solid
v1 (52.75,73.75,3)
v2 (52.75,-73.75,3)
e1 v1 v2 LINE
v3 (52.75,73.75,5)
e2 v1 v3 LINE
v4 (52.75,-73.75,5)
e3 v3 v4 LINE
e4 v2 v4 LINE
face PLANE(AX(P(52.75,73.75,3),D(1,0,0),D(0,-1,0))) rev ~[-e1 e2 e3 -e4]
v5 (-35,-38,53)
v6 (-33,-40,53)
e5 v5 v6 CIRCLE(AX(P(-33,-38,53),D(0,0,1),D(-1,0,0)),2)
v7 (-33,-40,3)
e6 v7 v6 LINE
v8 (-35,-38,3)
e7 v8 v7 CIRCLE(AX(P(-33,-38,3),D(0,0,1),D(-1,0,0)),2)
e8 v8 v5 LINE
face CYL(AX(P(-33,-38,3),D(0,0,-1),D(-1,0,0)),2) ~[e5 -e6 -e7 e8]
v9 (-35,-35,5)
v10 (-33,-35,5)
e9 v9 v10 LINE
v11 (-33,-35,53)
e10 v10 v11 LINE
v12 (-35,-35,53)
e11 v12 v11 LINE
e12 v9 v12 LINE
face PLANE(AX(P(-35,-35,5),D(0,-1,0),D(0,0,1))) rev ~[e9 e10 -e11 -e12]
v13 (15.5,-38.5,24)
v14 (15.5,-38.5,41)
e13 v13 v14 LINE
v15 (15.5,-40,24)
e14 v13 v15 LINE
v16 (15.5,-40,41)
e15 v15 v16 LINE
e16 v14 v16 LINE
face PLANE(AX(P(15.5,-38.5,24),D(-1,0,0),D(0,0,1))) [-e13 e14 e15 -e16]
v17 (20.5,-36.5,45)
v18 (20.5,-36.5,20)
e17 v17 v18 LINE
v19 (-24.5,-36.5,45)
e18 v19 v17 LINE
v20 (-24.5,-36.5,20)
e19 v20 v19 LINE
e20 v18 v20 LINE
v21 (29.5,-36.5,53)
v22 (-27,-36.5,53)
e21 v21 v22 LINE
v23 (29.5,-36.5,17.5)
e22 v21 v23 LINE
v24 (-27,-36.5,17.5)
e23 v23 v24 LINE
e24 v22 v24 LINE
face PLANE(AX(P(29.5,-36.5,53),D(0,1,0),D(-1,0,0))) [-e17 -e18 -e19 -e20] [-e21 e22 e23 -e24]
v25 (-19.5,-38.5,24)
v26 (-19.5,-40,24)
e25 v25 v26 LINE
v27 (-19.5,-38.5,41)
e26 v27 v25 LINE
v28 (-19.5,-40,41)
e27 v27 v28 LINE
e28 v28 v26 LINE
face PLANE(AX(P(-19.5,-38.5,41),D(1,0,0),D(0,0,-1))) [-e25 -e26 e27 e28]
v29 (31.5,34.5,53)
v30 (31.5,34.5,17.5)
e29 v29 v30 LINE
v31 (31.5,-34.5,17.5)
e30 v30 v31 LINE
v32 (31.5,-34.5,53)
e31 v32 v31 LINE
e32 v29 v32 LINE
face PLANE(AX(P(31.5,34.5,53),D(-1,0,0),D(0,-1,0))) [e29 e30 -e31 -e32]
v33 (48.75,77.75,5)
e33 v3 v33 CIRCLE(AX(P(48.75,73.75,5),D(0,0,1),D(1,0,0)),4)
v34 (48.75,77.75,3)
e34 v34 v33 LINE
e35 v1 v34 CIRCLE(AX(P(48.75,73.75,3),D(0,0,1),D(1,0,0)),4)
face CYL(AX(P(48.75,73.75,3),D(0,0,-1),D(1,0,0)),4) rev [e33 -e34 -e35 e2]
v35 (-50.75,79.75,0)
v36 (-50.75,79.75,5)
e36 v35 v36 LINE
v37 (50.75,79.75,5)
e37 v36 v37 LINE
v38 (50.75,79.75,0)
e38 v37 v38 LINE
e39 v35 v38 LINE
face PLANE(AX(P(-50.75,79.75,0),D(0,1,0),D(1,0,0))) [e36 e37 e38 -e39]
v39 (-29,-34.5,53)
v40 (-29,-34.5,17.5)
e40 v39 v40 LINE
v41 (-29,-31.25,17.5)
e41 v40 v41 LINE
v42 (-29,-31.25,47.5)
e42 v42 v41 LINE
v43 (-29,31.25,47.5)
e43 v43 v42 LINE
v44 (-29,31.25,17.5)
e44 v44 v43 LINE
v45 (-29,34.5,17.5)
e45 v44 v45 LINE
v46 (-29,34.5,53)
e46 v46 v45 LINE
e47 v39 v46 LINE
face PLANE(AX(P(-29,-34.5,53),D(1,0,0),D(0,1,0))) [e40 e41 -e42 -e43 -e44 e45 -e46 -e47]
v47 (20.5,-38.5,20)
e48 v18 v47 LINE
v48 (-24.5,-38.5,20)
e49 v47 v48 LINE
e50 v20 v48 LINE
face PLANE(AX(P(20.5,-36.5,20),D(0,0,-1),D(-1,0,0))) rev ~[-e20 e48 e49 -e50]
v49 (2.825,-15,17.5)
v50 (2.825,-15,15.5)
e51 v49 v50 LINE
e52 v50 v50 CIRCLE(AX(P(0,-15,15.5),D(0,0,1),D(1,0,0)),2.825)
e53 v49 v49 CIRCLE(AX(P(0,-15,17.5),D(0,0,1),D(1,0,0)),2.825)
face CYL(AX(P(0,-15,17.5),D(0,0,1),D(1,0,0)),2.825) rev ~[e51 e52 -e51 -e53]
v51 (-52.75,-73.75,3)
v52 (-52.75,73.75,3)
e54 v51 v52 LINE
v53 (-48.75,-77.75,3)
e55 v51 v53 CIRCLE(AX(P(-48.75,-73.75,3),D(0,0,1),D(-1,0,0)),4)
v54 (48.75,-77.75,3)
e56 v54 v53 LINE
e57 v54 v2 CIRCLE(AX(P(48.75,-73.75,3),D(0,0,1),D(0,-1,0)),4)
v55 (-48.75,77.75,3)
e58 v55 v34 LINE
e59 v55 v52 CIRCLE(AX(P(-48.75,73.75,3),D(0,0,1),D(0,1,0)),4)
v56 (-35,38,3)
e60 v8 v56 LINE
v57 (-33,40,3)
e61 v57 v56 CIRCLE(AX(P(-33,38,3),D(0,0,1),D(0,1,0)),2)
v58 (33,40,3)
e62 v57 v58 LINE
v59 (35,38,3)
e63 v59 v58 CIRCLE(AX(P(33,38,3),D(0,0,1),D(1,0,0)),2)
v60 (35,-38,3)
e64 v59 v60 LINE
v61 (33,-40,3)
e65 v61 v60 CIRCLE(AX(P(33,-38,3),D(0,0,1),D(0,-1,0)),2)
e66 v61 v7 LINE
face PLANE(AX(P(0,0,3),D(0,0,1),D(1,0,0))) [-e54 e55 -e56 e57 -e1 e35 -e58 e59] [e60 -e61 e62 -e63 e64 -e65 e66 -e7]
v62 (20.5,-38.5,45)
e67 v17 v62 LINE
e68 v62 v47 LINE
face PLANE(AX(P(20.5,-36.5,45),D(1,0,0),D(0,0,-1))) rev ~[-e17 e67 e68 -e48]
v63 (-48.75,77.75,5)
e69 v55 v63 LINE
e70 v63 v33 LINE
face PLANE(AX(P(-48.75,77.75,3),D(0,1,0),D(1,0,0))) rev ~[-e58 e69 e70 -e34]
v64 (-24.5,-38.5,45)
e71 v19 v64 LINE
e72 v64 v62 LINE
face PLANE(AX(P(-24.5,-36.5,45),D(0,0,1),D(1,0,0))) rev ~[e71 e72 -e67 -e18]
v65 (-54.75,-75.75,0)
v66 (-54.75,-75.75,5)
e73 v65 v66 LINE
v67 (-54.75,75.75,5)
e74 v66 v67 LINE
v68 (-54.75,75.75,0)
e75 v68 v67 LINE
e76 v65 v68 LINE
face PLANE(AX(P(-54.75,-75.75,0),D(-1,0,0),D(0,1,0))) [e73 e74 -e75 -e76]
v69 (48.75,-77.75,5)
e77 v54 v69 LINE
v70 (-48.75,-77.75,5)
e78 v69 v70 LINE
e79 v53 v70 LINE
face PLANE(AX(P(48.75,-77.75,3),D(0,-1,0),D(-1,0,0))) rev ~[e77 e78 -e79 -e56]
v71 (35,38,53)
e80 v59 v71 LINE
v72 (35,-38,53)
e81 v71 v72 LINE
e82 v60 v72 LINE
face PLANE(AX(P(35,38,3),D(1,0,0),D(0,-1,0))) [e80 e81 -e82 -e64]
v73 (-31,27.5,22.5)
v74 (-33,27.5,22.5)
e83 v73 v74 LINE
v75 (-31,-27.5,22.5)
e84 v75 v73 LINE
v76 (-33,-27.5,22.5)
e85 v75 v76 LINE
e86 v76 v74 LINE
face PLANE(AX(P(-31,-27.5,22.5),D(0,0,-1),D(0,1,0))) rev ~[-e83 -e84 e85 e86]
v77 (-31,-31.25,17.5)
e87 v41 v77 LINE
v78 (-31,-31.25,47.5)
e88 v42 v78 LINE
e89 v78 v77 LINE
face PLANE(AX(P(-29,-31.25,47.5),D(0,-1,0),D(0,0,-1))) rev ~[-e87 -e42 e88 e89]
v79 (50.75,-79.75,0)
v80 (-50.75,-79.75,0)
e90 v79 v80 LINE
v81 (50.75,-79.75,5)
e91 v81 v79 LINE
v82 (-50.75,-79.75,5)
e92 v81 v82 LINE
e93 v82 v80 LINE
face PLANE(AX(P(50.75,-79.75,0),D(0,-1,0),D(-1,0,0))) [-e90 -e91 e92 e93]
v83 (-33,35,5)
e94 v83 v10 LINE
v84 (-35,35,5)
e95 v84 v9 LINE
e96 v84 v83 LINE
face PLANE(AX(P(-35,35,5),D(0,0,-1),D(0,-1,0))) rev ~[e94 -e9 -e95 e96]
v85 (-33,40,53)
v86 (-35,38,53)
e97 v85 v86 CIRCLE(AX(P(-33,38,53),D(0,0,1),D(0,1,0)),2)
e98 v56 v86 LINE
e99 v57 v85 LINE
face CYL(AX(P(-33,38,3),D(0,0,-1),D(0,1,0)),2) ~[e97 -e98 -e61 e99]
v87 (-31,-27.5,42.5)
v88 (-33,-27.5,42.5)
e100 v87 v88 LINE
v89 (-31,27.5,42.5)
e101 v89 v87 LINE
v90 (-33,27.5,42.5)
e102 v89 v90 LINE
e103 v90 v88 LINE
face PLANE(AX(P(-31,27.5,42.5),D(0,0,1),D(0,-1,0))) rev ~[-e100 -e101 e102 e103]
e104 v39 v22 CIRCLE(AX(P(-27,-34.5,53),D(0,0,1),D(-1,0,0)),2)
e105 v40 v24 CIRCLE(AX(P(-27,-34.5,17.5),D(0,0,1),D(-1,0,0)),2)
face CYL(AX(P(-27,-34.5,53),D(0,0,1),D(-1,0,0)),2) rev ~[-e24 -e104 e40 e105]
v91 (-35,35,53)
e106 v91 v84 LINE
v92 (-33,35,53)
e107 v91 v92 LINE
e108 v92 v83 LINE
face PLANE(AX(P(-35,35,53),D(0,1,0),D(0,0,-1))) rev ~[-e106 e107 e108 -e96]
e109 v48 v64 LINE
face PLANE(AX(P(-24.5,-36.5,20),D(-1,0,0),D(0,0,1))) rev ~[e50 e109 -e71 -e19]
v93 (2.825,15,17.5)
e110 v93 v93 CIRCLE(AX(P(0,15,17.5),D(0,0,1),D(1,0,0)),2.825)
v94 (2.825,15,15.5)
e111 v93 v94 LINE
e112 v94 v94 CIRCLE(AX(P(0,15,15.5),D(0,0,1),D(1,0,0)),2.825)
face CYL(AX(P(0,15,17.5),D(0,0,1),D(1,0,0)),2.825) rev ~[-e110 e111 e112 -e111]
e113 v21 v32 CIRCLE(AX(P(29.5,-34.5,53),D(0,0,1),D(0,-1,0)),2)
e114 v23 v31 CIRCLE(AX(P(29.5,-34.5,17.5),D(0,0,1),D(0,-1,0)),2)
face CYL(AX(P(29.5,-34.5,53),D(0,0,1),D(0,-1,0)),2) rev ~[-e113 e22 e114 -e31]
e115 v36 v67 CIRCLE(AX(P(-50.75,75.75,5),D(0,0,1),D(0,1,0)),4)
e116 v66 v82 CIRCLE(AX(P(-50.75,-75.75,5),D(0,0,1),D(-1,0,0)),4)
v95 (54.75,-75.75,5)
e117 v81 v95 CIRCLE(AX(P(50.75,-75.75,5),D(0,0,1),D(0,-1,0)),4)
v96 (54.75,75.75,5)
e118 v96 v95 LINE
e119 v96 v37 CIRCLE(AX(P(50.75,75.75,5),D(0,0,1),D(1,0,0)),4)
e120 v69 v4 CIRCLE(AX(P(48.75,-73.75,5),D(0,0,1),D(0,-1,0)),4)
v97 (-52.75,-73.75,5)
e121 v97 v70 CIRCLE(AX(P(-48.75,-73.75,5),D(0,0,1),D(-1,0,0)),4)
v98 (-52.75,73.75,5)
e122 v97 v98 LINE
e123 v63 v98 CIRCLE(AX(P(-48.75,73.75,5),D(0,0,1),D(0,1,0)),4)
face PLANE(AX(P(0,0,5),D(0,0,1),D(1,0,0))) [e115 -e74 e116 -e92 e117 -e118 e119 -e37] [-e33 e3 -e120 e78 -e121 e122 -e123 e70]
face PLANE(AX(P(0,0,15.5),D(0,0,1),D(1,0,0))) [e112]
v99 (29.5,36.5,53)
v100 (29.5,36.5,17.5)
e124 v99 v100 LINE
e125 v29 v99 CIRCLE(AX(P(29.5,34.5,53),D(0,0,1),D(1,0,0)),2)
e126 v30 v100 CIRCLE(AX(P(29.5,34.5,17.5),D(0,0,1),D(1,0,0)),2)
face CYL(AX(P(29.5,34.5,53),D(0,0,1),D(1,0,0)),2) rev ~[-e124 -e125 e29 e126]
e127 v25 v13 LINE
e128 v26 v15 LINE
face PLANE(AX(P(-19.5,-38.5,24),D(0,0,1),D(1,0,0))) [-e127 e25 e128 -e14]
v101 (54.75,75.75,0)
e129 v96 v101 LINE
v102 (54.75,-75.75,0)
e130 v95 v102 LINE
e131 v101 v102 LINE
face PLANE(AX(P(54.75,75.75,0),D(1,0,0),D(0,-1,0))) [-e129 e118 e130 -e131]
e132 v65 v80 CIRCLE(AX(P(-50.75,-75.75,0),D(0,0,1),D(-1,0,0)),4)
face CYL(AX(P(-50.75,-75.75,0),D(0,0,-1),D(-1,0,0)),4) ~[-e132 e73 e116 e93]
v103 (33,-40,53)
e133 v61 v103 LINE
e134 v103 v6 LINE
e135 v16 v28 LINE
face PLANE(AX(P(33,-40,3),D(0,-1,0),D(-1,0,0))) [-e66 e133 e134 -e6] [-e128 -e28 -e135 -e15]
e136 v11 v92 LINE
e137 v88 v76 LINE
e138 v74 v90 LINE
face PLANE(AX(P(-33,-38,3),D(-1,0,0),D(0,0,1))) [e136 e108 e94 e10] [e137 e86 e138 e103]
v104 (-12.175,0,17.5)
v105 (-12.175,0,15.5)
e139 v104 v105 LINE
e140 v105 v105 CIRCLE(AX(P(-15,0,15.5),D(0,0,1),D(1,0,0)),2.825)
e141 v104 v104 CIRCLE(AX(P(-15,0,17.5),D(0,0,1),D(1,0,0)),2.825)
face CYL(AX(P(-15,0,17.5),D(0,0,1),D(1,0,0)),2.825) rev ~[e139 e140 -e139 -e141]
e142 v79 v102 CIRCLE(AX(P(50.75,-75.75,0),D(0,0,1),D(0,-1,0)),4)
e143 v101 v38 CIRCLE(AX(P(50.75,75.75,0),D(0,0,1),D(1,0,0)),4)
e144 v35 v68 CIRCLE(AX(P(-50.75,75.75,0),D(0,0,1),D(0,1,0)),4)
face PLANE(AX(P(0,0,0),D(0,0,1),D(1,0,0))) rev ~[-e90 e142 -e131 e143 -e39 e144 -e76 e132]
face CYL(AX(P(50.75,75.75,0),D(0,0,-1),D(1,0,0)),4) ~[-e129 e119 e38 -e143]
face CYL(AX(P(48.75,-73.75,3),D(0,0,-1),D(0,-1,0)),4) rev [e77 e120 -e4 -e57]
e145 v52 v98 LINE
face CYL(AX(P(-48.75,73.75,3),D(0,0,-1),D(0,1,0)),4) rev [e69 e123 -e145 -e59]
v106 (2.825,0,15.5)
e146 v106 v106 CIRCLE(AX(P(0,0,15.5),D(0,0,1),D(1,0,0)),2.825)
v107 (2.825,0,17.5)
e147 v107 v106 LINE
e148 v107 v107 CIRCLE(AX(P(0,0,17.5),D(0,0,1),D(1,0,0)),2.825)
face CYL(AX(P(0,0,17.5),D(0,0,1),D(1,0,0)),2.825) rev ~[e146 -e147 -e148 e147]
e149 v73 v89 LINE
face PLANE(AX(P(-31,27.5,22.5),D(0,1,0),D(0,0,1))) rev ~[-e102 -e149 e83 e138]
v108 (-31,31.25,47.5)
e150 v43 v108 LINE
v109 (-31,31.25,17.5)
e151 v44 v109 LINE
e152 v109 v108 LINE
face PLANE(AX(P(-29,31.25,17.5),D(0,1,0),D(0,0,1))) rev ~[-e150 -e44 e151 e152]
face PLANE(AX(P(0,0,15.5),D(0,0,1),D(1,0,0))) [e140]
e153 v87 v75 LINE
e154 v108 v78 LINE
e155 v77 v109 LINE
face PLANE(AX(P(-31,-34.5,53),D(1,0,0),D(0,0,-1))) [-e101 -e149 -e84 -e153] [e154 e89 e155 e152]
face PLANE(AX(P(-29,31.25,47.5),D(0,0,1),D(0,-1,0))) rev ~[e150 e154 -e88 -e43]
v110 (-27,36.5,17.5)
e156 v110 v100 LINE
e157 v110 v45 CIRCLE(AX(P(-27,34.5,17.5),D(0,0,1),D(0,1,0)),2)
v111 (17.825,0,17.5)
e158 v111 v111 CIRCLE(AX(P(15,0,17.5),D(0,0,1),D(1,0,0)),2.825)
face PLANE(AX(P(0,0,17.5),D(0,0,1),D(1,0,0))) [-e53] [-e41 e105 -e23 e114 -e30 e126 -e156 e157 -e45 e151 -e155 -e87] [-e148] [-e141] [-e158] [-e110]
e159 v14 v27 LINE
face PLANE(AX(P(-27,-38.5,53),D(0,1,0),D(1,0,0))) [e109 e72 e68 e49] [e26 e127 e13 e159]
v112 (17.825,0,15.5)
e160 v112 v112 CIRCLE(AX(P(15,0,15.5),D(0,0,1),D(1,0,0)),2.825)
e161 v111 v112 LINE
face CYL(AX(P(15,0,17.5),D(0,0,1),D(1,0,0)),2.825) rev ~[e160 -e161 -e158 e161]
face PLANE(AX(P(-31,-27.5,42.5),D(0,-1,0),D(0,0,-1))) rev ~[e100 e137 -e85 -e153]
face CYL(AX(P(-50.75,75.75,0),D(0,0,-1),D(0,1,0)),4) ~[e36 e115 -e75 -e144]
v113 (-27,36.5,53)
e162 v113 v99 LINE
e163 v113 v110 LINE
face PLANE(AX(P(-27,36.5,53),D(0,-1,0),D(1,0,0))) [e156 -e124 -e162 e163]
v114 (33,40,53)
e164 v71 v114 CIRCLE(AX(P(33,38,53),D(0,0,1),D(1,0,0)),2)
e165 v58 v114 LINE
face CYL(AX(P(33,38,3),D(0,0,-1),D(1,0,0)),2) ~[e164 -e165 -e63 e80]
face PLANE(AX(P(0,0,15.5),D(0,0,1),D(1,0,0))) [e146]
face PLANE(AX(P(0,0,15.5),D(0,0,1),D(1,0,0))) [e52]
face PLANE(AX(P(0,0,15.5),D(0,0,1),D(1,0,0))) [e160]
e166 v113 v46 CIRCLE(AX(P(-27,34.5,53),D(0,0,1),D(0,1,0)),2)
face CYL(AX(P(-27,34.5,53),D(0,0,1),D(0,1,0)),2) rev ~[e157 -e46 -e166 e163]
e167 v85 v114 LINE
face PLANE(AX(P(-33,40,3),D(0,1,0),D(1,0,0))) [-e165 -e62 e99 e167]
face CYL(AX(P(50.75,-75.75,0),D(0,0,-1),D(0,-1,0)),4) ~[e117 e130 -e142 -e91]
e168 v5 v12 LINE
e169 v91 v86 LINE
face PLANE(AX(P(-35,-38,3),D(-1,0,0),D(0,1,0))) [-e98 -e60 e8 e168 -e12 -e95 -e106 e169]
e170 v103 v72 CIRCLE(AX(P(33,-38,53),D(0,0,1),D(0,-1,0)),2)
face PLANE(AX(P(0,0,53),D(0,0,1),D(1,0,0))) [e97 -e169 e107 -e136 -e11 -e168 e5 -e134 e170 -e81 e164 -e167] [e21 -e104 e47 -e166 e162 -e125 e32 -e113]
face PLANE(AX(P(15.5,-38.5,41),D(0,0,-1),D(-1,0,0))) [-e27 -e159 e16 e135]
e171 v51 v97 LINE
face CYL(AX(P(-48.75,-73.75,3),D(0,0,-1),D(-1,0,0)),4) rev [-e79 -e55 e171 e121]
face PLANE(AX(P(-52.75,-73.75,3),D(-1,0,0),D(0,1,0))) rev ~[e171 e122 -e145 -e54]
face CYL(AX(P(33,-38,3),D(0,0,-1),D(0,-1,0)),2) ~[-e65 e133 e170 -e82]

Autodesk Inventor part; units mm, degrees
ref_plane "YZ Plane" through (0, 0, 0) normal (1, 0, 0) x (0, 1, 0)
ref_plane "XZ Plane" through (0, 0, 0) normal (0, 1, 0) x (-1, 0, 0)
ref_plane "XY Plane" through (0, 0, 0) normal (0, 0, 1) x (1, 0, 0)
sketch "Sketch1" plane through (0, 0, 0) normal (0, 0, 1) x (1, 0, 0)
  line L0 (-50.75, 79.75) -> (50.75, 79.75)
  line L1 (54.75, 75.75) -> (54.75, -75.75)
  line L2 (50.75, -79.75) -> (-50.75, -79.75)
  line L3 (-54.75, -75.75) -> (-54.75, 75.75)
  arc A0 (-50.75, 79.75) -> (-54.75, 75.75) centre (-50.75, 75.75) ccw
  arc A1 (-54.75, -75.75) -> (-50.75, -79.75) centre (-50.75, -75.75) ccw
  arc A2 (50.75, -79.75) -> (54.75, -75.75) centre (50.75, -75.75) ccw
  arc A3 (54.75, 75.75) -> (50.75, 79.75) centre (50.75, 75.75) ccw
  point P0 (0, 0)
  point P1 (-54.75, 79.75)
  point P2 (54.75, 79.75)
  point P3 (-54.75, -79.75)
  dimension "d0" = 109.5
  dimension "d1" = 159.5
  dimension "d2" = 54.75
  dimension "d3" = 79.75
  dimension "d4" = 4
extrude "xyAttach" add sketch "Sketch1" along normal blind 3
sketch "Sketch2" plane through (0, 0, 3) normal (0, 0, 1) x (1, 0, 0)
  line L0 (-50.75, 79.75) -> (50.75, 79.75)
  line L1 (54.75, 75.75) -> (54.75, -75.75)
  line L2 (50.75, -79.75) -> (-50.75, -79.75)
  line L3 (-54.75, -75.75) -> (-54.75, 75.75)
  line L4 (50.75, 79.75) -> (-50.75, 79.75) projected
  line L5 (-54.75, 75.75) -> (-54.75, -75.75) projected
  line L6 (-50.75, -79.75) -> (50.75, -79.75) projected
  line L7 (54.75, -75.75) -> (54.75, 75.75) projected
  arc A0 (-50.75, 79.75) -> (-54.75, 75.75) centre (-50.75, 75.75) ccw
  arc A1 (-54.75, -75.75) -> (-50.75, -79.75) centre (-50.75, -75.75) ccw
  arc A2 (50.75, -79.75) -> (54.75, -75.75) centre (50.75, -75.75) ccw
  arc A3 (54.75, 75.75) -> (50.75, 79.75) centre (50.75, 75.75) ccw
  line L8 (-48.75, 77.75) -> (48.75, 77.75)
  line L9 (52.75, 73.75) -> (52.75, -73.75)
  line L10 (48.75, -77.75) -> (-48.75, -77.75)
  line L11 (-52.75, -73.75) -> (-52.75, 73.75)
  arc A4 (-48.75, 77.75) -> (-52.75, 73.75) centre (-48.75, 73.75) ccw
  arc A5 (-52.75, -73.75) -> (-48.75, -77.75) centre (-48.75, -73.75) ccw
  arc A6 (48.75, -77.75) -> (52.75, -73.75) centre (48.75, -73.75) ccw
  arc A7 (52.75, 73.75) -> (48.75, 77.75) centre (48.75, 73.75) ccw
  point P0 (0, 0)
  dimension "d7" = 4
  dimension "d8" = 4
  dimension "d9" = 2
  dimension "d10" = 2
  dimension "d11" = 2
  dimension "d12" = 2
extrude "spillExtrusion" add sketch "Sketch2" along normal blind 2
sketch "Sketch3" plane through (0, 0, 3) normal (0, 0, 1) x (1, 0, 0)
  line L0 (-33, 40) -> (33, 40)
  line L1 (35, 38) -> (35, -38)
  line L2 (33, -40) -> (-33, -40)
  line L3 (-35, -38) -> (-35, 38)
  arc A0 (-33, 40) -> (-35, 38) centre (-33, 38) ccw
  arc A1 (-35, -38) -> (-33, -40) centre (-33, -38) ccw
  arc A2 (35, 38) -> (33, 40) centre (33, 38) ccw
  arc A3 (33, -40) -> (35, -38) centre (33, -38) ccw
  point P0 (0, 0)
  point P1 (-35, 40)
  point P2 (35, -40)
  point P3 (35, 40)
  dimension "d15" = 70
  dimension "d16" = 35
  dimension "d17" = 80
  dimension "d18" = 40
  dimension "d19" = 2
extrude "chamberWallExtrusion" add sketch "Sketch3" along normal blind 50
sketch "Sketch4" plane through (0, 0, 53) normal (0, 0, 1) x (1, 0, 0)
  line L0 (-27, 36.5) -> (29.5, 36.5)
  line L1 (31.5, 34.5) -> (31.5, -34.5)
  line L2 (29.5, -36.5) -> (-27, -36.5)
  line L3 (-29, -34.5) -> (-29, 34.5)
  arc A0 (-27, 36.5) -> (-29, 34.5) centre (-27, 34.5) ccw
  arc A1 (-29, -34.5) -> (-27, -36.5) centre (-27, -34.5) ccw
  arc A2 (29.5, -36.5) -> (31.5, -34.5) centre (29.5, -34.5) ccw
  arc A3 (31.5, 34.5) -> (29.5, 36.5) centre (29.5, 34.5) ccw
  line L4 (33, 40) -> (-33, 40) projected
  line L5 (35, -38) -> (35, 38) projected
  line L6 (-33, -40) -> (33, -40) projected
  line L7 (-35, 38) -> (-35, -38) projected
  point P0 (0, 0)
  dimension "d22" = 2
  dimension "d23" = 3.5
  dimension "d24" = 3.5
  dimension "d25" = 3.5
  dimension "d26" = 6
extrude "chamberInteriorExtrusion" cut sketch "Sketch4" against normal blind 35.5
sketch "Sketch5" plane through (-29, -34.5, 53) normal (1, 0, 0) x (0, 0, -1)
  line L0 (5.5, 3.25) -> (35.5, 3.25)
  line L1 (35.5, 3.25) -> (35.5, 65.75)
  line L2 (35.5, 65.75) -> (5.5, 65.75)
  line L3 (5.5, 65.75) -> (5.5, 3.25)
  line L4 (48, 110.25) -> (48, -41.25) projected
  point P0 (53, 34.5)
  dimension "d29" = 62.5
  dimension "d30" = 30
  dimension "d31" = 31.25
  dimension "d32" = 42.5
extrude "rectCoverSlipMountExtrusion" cut sketch "Sketch5" against normal blind 2
sketch "Sketch6" plane through (-31, -34.5, 53) normal (1, 0, 0) x (0, 0, -1)
  line L0 (10.5, 7) -> (30.5, 7)
  line L1 (30.5, 7) -> (30.5, 62)
  line L2 (30.5, 62) -> (10.5, 62)
  line L3 (10.5, 62) -> (10.5, 7)
  line L4 (48, -39.25) -> (48, 108.25) projected
  point P0 (53, 34.5)
  dimension "d35" = 55
  dimension "d36" = 20
  dimension "d37" = 37.5
  dimension "d38" = 27.5
extrude "rectCoverSlipWindow" cut sketch "Sketch6" against normal up to surface (4 mm away)
sketch "Sketch7" plane through (-35, -38, 3) normal (-1, 0, 0) x (0, 0, 1)
  line L0 (50, 73) -> (2, 73)
  line L1 (2, 73) -> (2, 3)
  line L2 (2, 3) -> (50, 3)
  line L3 (50, 3) -> (50, 73)
  line L4 (50, 76) -> (50, 0) projected
  line L5 (2, 113.75) -> (2, -37.75) projected
  point P0 (-3, 38)
  dimension "d41" = 70
  dimension "d42" = 35
extrude "illObjExtrusion" cut sketch "Sketch7" against normal blind 2
sketch "Sketch8" plane through (-27, -36.5, 53) normal (0, 1, 0) x (1, 0, 0)
  line L0 (47.5, 33) -> (2.5, 33)
  line L1 (2.5, 33) -> (2.5, 8)
  line L2 (2.5, 8) -> (47.5, 8)
  line L3 (47.5, 8) -> (47.5, 33)
  point P0 (27, 53)
  point P1 (-27.75, 48)
  point P2 (-2, 0)
  dimension "d46" = 45
  dimension "d47" = 25
  dimension "d48" = 40
  dimension "d69" = 4.5
extrude "viewingWindowCoverslipMount" cut sketch "Sketch8" against normal blind 2
sketch "Sketch9" plane through (-27, -38.5, 53) normal (0, 1, 0) x (1, 0, 0)
  line L0 (7.5, 29) -> (42.5, 29)
  line L1 (42.5, 29) -> (42.5, 12)
  line L2 (42.5, 12) -> (7.5, 12)
  line L3 (7.5, 12) -> (7.5, 29)
  line L4 (-23.75, 48) -> (77.75, 48) projected
  line L5 (2.5, 8) -> (2.5, 33) projected
  point P0 (27, 53)
  point P1 (-2, 0)
  dimension "d52" = 35
  dimension "d53" = 17
  dimension "d55" = 36
  dimension "d71" = 5
extrude "viewingWindowExt" cut sketch "Sketch9" against normal up to surface (1.5 mm away)
sketch "Sketch10" plane through (0, 0, 17.5) normal (0, 0, 1) x (1, 0, 0)
  circle A0 centre (-15, 0) radius 2.825
  circle A1 centre (0, 15) radius 2.825
  circle A2 centre (15, 0) radius 2.825
  circle A3 centre (0, -15) radius 2.825
  circle A4 centre (0, 0) radius 2.825
  dimension "d58" = 5.65
  dimension "d59" = 5.65
  dimension "d60" = 5.65
  dimension "d61" = 5.65
  dimension "d62" = 5.65
  dimension "d63" = 15
  dimension "d64" = 15
  dimension "d65" = 15
  dimension "d66" = 15
extrude "sampleMountExt" cut sketch "Sketch10" against normal blind 2
equation "\"d2\" = 0.5 * d0"
equation "\"d3\" = 0.5 * d1"
equation "\"d10\" = d9"
equation "\"d11\" = d9"
equation "\"d12\" = d9"
equation "\"d16\" = 0.5 * d15"
equation "\"d18\" = 0.5 * d17"
equation "\"d24\" = d23"
equation "\"d25\" = d23"
equation "\"d31\" = 0.5 * d29"
equation "\"d38\" = 0.5 * d35"
equation "\"d42\" = 0.5 * d41"
equation "\"d59\" = d58"
equation "\"d60\" = d58"
equation "\"d61\" = d58"
equation "\"d62\" = d58"
equation "\"d64\" = d63"
equation "\"d65\" = d63"
equation "\"d66\" = d63"
properties part number "sampleChamberExt_v1"
